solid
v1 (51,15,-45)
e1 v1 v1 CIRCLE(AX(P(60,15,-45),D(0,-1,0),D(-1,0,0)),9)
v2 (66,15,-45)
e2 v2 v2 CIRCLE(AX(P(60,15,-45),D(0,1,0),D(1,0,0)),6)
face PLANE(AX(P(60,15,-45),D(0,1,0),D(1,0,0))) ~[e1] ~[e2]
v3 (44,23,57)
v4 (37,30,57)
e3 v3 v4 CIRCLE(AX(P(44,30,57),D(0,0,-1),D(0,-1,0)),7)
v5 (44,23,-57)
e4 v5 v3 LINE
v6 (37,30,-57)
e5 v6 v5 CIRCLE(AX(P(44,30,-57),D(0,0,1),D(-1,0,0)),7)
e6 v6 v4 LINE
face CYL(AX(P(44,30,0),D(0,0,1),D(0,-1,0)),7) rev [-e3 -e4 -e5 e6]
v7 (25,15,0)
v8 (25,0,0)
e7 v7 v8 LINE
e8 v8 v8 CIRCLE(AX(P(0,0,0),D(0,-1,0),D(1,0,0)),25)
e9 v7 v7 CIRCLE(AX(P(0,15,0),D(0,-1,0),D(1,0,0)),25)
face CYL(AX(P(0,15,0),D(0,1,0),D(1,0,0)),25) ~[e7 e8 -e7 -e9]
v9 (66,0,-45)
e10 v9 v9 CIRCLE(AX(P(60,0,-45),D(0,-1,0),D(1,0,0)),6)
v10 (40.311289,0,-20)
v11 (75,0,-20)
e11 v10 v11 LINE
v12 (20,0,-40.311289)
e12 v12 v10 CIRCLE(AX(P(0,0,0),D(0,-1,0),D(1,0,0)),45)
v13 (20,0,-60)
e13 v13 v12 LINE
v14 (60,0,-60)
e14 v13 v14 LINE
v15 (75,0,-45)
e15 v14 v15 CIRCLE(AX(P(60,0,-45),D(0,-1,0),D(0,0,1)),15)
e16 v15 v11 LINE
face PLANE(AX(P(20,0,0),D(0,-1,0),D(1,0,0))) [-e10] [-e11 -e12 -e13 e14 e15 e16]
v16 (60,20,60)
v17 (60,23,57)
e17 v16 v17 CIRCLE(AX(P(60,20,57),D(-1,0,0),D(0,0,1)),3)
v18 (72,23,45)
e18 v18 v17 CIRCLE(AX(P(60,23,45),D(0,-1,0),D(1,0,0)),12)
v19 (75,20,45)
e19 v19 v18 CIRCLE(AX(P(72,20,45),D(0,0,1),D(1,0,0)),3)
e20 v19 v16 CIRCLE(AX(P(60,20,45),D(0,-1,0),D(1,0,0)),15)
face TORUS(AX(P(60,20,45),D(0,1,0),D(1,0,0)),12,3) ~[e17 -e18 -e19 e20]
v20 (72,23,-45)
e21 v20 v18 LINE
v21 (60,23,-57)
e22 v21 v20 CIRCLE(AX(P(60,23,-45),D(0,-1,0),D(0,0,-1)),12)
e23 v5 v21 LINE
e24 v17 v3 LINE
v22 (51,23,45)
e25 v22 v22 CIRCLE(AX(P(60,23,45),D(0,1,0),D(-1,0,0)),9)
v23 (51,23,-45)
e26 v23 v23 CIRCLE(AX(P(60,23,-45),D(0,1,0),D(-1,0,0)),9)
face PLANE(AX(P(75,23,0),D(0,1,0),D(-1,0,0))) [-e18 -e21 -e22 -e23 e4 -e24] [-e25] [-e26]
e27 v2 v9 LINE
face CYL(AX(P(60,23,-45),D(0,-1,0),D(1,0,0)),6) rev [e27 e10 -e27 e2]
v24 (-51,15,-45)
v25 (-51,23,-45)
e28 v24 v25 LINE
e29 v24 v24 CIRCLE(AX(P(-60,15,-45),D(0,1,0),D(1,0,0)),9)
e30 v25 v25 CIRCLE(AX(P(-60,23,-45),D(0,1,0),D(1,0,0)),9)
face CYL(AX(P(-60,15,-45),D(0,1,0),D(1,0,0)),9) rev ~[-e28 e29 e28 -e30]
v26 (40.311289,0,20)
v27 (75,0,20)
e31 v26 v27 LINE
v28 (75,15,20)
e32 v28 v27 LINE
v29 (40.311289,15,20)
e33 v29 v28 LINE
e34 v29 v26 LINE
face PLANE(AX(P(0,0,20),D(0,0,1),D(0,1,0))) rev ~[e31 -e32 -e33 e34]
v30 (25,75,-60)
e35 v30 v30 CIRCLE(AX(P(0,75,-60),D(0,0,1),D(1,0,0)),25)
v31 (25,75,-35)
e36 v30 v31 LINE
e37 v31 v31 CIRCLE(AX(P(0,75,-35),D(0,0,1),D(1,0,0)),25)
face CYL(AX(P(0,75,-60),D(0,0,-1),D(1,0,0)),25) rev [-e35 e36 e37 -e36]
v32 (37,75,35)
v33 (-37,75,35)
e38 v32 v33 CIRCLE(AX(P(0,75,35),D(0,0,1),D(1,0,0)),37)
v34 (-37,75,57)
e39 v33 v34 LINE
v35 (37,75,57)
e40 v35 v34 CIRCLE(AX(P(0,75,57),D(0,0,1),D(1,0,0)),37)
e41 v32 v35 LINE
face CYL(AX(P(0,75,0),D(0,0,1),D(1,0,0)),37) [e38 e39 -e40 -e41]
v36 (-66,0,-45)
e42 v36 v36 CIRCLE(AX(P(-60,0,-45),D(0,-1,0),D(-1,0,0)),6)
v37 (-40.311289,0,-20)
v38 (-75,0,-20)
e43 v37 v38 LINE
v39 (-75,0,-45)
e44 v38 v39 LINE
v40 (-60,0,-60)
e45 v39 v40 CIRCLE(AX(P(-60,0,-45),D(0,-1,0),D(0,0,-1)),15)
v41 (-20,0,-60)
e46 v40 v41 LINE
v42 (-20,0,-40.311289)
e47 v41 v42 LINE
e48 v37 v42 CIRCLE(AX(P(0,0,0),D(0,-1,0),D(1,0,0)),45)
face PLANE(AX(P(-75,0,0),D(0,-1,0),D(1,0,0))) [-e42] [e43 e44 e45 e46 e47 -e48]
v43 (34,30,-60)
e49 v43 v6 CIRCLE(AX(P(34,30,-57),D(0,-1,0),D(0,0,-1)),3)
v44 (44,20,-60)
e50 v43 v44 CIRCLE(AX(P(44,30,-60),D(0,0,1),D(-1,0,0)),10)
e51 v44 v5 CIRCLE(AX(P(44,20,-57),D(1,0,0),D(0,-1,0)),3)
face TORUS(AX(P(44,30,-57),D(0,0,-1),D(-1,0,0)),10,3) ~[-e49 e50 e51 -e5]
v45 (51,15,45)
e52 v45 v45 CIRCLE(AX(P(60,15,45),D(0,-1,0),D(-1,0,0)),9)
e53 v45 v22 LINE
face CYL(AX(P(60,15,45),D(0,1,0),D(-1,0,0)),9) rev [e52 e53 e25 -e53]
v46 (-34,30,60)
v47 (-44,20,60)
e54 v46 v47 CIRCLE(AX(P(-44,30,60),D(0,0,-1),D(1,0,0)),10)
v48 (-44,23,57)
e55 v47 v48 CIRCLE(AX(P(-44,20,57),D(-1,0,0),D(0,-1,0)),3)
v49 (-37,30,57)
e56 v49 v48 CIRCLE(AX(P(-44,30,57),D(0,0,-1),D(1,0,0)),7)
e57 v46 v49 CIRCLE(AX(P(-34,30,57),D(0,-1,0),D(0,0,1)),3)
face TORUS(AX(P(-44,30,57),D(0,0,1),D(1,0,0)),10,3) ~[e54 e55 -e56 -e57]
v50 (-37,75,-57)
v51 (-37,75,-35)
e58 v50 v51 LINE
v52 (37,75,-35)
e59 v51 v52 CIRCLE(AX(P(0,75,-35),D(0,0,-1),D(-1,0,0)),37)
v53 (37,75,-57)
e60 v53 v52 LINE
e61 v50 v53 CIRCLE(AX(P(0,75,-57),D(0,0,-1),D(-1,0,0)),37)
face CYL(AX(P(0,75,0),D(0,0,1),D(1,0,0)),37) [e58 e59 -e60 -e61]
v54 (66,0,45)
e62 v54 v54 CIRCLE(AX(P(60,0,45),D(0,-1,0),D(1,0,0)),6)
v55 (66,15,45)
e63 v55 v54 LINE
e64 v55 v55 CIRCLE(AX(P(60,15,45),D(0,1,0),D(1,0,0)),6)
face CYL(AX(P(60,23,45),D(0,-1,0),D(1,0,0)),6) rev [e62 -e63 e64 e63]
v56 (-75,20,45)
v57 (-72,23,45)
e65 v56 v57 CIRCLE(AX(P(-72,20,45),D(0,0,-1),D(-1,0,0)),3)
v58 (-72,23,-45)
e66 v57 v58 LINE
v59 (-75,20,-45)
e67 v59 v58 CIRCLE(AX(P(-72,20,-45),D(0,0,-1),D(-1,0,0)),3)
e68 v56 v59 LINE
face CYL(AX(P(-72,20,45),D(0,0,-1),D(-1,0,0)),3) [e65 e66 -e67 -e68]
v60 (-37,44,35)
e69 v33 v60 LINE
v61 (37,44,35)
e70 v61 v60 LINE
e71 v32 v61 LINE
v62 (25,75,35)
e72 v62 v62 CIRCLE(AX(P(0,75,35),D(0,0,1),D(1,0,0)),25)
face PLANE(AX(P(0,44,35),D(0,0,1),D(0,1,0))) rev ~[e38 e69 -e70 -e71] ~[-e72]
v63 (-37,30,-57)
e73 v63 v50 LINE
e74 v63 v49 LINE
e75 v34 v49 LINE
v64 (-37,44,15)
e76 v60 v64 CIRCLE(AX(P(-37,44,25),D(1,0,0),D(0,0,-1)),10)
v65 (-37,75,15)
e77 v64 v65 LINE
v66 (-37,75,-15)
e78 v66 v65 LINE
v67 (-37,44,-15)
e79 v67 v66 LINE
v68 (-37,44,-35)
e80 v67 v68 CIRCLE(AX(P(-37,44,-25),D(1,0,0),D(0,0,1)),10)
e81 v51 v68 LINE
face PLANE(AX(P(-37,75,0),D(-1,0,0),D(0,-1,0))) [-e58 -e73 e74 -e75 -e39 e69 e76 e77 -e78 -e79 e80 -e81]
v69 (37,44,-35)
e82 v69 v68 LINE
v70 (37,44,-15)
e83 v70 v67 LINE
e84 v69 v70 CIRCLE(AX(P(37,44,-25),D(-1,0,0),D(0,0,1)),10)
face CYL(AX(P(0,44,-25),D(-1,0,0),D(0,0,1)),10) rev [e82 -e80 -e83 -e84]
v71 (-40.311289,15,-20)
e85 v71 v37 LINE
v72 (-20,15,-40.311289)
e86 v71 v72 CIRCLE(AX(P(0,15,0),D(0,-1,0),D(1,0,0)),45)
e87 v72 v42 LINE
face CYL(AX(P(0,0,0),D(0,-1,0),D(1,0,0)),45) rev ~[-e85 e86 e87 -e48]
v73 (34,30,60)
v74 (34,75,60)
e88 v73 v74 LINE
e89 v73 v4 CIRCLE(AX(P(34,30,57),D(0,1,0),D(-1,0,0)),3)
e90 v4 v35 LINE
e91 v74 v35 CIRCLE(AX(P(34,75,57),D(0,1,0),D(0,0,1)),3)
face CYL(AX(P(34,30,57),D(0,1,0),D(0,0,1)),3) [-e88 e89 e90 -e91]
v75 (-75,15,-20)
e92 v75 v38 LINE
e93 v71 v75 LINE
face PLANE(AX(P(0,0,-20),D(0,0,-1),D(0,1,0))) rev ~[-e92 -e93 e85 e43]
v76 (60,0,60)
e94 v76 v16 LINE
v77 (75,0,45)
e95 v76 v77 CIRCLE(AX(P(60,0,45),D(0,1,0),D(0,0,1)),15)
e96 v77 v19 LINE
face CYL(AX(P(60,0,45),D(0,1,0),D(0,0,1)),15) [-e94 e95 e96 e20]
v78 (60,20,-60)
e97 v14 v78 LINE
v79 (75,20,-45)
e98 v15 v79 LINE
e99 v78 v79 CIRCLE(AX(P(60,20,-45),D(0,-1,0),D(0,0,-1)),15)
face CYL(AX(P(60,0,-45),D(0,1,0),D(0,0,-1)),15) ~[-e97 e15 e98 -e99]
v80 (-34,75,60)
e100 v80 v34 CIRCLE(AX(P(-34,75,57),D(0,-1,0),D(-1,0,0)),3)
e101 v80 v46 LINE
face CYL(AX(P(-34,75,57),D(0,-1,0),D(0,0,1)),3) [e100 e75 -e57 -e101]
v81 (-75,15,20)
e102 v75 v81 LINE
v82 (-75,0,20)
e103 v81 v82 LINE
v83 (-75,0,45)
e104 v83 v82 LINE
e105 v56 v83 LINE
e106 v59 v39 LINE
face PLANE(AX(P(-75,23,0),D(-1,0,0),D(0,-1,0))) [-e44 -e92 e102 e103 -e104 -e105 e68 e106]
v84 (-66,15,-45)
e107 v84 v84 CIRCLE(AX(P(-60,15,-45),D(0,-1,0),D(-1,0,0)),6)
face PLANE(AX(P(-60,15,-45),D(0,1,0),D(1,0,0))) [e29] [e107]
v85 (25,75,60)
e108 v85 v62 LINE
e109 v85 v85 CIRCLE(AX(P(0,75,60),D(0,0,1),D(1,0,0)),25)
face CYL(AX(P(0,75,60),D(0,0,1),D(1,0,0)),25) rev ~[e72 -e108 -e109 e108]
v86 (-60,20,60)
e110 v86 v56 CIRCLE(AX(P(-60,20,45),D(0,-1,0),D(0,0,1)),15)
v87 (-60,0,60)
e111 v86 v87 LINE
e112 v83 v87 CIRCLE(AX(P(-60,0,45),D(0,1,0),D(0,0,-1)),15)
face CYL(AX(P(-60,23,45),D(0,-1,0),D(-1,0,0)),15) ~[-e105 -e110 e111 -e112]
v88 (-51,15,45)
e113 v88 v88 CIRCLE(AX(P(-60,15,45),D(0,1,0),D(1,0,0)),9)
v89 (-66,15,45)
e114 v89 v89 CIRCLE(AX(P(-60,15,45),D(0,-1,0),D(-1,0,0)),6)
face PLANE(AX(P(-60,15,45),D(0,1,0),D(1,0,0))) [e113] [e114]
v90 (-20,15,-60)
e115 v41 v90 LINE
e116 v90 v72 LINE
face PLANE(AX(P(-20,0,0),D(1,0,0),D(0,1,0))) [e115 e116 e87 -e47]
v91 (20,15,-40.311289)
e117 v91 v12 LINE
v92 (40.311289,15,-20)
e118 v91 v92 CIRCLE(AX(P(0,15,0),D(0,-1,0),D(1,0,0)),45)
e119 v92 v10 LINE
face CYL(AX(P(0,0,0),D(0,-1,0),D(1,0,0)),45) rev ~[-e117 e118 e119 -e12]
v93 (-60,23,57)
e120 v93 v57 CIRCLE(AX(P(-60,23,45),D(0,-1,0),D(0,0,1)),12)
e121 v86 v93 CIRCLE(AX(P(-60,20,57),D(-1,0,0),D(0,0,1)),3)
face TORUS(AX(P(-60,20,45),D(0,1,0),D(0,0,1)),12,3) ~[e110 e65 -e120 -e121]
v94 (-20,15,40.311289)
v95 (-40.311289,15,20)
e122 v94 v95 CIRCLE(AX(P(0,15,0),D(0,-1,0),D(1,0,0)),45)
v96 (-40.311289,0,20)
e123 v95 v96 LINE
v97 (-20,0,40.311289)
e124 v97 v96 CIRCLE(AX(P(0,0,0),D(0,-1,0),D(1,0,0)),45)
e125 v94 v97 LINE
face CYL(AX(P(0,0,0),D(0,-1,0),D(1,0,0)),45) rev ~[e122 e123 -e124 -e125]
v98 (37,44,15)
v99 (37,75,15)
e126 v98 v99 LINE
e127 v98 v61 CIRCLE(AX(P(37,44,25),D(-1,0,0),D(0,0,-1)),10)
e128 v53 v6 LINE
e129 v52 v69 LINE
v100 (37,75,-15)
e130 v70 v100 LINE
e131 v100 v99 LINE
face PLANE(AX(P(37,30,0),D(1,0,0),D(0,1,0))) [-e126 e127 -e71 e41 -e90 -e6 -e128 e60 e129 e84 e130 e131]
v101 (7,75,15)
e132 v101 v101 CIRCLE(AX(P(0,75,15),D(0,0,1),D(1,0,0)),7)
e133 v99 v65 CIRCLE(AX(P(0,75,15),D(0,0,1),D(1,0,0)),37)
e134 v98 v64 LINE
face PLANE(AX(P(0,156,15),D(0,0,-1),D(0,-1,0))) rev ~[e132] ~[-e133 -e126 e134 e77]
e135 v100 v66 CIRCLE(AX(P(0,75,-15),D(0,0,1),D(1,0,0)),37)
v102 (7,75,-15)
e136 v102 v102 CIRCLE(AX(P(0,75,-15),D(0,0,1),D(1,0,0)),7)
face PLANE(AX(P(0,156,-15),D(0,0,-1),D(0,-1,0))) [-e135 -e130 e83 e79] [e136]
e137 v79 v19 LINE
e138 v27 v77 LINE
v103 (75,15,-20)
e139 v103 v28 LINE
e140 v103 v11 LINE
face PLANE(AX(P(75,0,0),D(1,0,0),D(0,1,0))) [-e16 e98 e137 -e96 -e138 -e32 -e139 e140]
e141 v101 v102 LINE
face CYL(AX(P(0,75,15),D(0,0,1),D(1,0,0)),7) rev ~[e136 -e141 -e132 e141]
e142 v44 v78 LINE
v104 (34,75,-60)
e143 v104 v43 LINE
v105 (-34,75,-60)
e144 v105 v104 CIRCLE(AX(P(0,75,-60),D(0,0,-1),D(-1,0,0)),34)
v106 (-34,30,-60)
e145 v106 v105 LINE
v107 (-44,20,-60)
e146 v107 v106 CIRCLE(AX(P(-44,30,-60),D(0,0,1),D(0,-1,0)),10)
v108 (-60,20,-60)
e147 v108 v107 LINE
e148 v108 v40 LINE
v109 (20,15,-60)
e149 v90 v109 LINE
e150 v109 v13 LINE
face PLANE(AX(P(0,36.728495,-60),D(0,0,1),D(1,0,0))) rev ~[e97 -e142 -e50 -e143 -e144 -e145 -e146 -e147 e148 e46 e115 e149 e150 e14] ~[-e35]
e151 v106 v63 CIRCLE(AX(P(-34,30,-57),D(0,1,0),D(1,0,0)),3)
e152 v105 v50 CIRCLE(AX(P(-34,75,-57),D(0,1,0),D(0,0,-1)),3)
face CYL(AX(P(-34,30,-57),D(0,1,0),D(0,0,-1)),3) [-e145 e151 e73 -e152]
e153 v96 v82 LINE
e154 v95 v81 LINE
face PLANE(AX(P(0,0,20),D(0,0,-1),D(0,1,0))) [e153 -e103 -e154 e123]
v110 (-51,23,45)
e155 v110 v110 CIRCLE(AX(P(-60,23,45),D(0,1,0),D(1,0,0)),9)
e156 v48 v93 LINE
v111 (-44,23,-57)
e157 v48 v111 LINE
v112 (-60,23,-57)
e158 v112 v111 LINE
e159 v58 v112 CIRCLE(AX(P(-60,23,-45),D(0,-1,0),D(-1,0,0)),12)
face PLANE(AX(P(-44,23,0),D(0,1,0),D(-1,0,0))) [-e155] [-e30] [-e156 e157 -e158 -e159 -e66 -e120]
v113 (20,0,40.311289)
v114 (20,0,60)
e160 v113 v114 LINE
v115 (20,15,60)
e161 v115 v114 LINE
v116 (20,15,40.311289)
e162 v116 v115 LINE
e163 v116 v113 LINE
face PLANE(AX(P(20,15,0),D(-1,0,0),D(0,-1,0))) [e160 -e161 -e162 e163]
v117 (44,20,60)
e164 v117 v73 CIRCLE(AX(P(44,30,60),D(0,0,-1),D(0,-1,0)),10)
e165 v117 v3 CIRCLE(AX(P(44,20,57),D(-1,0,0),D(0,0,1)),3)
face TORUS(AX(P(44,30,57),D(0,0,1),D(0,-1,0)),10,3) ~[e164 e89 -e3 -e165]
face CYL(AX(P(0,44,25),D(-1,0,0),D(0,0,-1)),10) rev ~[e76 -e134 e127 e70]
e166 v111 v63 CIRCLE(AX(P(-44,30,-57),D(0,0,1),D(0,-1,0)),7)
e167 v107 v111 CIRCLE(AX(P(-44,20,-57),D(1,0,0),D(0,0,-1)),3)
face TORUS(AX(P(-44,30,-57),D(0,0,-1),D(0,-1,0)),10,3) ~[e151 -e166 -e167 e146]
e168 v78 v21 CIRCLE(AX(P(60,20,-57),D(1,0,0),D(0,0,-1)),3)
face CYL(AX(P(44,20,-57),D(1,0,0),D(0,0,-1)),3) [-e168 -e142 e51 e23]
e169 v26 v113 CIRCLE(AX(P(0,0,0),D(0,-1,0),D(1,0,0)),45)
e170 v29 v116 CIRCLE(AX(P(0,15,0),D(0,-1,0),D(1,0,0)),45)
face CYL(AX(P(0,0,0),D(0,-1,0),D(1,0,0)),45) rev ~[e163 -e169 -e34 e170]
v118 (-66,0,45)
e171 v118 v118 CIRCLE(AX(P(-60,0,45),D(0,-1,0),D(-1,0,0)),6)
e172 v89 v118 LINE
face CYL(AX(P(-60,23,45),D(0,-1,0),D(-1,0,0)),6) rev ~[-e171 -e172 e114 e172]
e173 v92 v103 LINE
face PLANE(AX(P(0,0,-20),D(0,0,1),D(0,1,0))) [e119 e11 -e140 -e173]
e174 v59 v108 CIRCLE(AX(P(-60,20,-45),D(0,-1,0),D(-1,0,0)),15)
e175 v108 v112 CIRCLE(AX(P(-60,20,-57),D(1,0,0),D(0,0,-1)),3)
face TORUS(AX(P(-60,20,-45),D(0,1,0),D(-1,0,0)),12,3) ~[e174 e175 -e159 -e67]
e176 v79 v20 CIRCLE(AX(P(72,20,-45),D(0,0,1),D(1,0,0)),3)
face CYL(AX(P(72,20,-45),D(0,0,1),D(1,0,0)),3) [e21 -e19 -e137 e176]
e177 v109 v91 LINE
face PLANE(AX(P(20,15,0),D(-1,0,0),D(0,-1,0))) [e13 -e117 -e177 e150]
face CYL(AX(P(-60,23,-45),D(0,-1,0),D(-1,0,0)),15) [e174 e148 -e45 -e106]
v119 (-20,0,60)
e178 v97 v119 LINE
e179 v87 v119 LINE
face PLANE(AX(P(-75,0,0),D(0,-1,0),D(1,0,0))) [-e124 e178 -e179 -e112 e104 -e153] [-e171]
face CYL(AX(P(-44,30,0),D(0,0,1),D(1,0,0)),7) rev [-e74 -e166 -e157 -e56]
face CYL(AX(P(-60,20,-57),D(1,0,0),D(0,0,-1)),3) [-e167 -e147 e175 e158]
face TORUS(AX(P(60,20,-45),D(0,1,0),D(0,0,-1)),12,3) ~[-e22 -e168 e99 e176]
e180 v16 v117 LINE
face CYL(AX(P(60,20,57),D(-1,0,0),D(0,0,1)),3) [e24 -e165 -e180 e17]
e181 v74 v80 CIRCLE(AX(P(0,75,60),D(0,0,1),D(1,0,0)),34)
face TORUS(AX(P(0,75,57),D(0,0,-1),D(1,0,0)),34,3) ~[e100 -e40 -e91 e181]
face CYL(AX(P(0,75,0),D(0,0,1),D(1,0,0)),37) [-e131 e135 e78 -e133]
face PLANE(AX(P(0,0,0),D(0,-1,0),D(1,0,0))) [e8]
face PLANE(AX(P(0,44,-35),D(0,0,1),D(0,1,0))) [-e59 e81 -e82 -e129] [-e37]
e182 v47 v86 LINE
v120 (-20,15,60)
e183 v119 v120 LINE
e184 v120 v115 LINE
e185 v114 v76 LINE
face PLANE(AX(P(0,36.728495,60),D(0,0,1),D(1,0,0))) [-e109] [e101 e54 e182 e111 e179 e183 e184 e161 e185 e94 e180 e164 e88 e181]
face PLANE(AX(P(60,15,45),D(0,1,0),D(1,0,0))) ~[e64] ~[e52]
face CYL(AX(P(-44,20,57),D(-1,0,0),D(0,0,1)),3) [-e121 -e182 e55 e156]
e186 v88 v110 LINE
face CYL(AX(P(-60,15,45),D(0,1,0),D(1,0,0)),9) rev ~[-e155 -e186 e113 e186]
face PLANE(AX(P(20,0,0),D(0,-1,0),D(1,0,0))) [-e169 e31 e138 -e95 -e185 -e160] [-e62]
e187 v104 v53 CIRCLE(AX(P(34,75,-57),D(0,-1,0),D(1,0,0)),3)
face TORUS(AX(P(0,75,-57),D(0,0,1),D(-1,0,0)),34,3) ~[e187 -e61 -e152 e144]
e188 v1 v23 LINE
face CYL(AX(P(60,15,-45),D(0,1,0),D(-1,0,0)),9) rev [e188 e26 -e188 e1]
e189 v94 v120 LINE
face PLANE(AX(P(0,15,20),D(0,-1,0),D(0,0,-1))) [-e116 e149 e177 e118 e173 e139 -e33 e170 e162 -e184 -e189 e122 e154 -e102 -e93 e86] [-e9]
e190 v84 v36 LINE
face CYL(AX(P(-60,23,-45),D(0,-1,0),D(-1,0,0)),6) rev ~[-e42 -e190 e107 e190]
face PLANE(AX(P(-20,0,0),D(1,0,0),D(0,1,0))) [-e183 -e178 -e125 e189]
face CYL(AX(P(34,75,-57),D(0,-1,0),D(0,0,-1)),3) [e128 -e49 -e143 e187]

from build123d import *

# Parameters (mm, degrees)
EXTRUDE_1_DEPTH              = 60
SKETCH_3_W                   = 40
SKETCH_3_H                   = 15
CUT_EXTRUDE_1_DEPTH          = 76
CUT_EXTRUDE_1_DEPTH_BACK     = 76
SKETCH_4_R                   = 25
CUT_EXTRUDE_2_DEPTH          = 25
CUT_EXTRUDE_3_REACH          = 77
SKETCH_5_R                   = 7
FILLET_1_R                   = 15
HOLE_WIZARD_M2_1_D           = 12
HOLE_WIZARD_M2_1_CBORE_D     = 18
HOLE_WIZARD_M2_1_CBORE_DEPTH = 8
FILLET_2_R                   = 3
SKETCH_11_R                  = 45
CUT_EXTRUDE_4_DEPTH          = 15
SKETCH_12_R                  = 25
EXTRUDE_2_DEPTH              = 15


with BuildPart() as part:
    # 스케치1 → 보스-돌출1 (new body, symmetric)
    with BuildSketch(Plane.XY):
        with BuildLine():
            Line((-75, 0), (-20, 0))
            Line((-20, 0), (-20, 15))
            Line((-20, 15), (20, 15))
            Line((20, 15), (20, 0))
            Line((20, 0), (75, 0))
            Line((75, 0), (75, 23))
            Line((75, 23), (44, 23))
            ThreePointArc((44, 23), (39.050252532, 25.050252532), (37, 30))
            Line((37, 30), (37, 75))
            ThreePointArc((37, 75), (0, 112), (-37, 75))
            Line((-37, 75), (-37, 30))
            ThreePointArc((-37, 30), (-39.050252532, 25.050252532), (-44, 23))
            Line((-44, 23), (-75, 23))
            Line((-75, 23), (-75, 0))
        make_face()
    extrude(amount=EXTRUDE_1_DEPTH, both=True)

    # 스케치3 → 컷-돌출1 (cut, two sides)
    with BuildSketch(Plane(origin=(0, 0, 0), x_dir=(0, 0, -1), z_dir=(1, 0, 0))) as cut_extrude_1_sk:
        with BuildLine():
            Line((-35, 44), (-35, 156))
            ThreePointArc((-35, 156), (-25, 166), (-15, 156))
            Line((-15, 156), (-15, 44))
            ThreePointArc((-15, 44), (-25, 34), (-35, 44))
        make_face()
        with BuildLine():
            Line((35, 44), (35, 156))
            ThreePointArc((35, 156), (25, 166), (15, 156))
            Line((15, 156), (15, 44))
            ThreePointArc((15, 44), (25, 34), (35, 44))
        make_face()
        with Locations((0, 7.5)):
            Rectangle(SKETCH_3_W, SKETCH_3_H)
    extrude(amount=CUT_EXTRUDE_1_DEPTH, mode=Mode.SUBTRACT)
    extrude(cut_extrude_1_sk.sketch, amount=-CUT_EXTRUDE_1_DEPTH_BACK, mode=Mode.SUBTRACT)

    # 스케치4 → 컷-돌출2 (cut)
    with BuildSketch(Plane.XY.offset(60)):
        with Locations((0, 75)):
            Circle(SKETCH_4_R)
    cut_extrude_2 = extrude(amount=-CUT_EXTRUDE_2_DEPTH, mode=Mode.SUBTRACT)

    # 대칭 복사1: 컷-돌출2 across plane
    add(cut_extrude_2.mirror(Plane.XY), mode=Mode.SUBTRACT)

    # 스케치5 → 컷-돌출3 (cut, up to next)
    with BuildSketch(Plane.XY.offset(15), mode=Mode.PRIVATE) as cut_extrude_3_sk1:
        with Locations((0, 75)):
            Circle(SKETCH_5_R)
    cut_extrude_3_tool1 = extrude(cut_extrude_3_sk1.sketch, amount=-CUT_EXTRUDE_3_REACH, mode=Mode.PRIVATE) & part.part
    add(cut_extrude_3_tool1.solids().sort_by_distance((0, 75, 15))[0], mode=Mode.SUBTRACT)

    # 필렛1
    fillet_1_edges = [part.edges().sort_by_distance(p)[0] for p in [
        (75, 11.5, -60),
        (-75, 11.5, -60),
        (75, 11.5, 60),
        (-75, 11.5, 60),
    ]]
    fillet(fillet_1_edges, radius=FILLET_1_R)

    # M2 소켓 머리 캡 나사용 카운터보어1 (through all)
    with Locations(Plane(origin=(0, 23, 0), x_dir=(1, 0, 0), z_dir=(0, 1, 0))):
        with Locations((-60, 45), (-60, -45)):
            hole_wizard_m2_1 = CounterBoreHole(HOLE_WIZARD_M2_1_D / 2, HOLE_WIZARD_M2_1_CBORE_D / 2, HOLE_WIZARD_M2_1_CBORE_DEPTH)

    # 대칭 복사2: M2 소켓 머리 캡 나사용 카운터보어1 across plane
    add(hole_wizard_m2_1.mirror(Plane(origin=(0, 0, 0), x_dir=(0, 0, 1), z_dir=(1, 0, 0))), mode=Mode.SUBTRACT)

    # 필렛2
    fillet_2_edges = [part.edges().sort_by_distance(p)[0] for p in [
        (-75, 23, 0),
        (-52, 23, -60),
        (52, 23, -60),
        (-70.606601718, 23, 55.606601718),
        (-70.606601718, 23, -55.606601718),
        (-39.050252532, 25.050252532, -60),
        (75, 23, 0),
        (52, 23, 60),
        (70.606601718, 23, 55.606601718),
        (70.606601718, 23, -55.606601718),
        (-37, 52.5, -60),
        (0, 112, -60),
        (37, 52.5, -60),
        (39.050252532, 25.050252532, -60),
        (39.050252532, 25.050252532, 60),
        (37, 52.5, 60),
        (0, 112, 60),
        (-37, 52.5, 60),
        (-39.050252532, 25.050252532, 60),
        (-52, 23, 60),
    ]]
    fillet(fillet_2_edges, radius=FILLET_2_R)

    # 스케치11 → 컷-돌출4 (cut)
    with BuildSketch(Plane.XZ):
        Circle(SKETCH_11_R)
    extrude(amount=-CUT_EXTRUDE_4_DEPTH, mode=Mode.SUBTRACT)

    # 스케치12 → 보스-돌출2 (add)
    with BuildSketch(Plane.XZ.offset(-15)):
        Circle(SKETCH_12_R)
    extrude(amount=EXTRUDE_2_DEPTH)


solid = part.part
